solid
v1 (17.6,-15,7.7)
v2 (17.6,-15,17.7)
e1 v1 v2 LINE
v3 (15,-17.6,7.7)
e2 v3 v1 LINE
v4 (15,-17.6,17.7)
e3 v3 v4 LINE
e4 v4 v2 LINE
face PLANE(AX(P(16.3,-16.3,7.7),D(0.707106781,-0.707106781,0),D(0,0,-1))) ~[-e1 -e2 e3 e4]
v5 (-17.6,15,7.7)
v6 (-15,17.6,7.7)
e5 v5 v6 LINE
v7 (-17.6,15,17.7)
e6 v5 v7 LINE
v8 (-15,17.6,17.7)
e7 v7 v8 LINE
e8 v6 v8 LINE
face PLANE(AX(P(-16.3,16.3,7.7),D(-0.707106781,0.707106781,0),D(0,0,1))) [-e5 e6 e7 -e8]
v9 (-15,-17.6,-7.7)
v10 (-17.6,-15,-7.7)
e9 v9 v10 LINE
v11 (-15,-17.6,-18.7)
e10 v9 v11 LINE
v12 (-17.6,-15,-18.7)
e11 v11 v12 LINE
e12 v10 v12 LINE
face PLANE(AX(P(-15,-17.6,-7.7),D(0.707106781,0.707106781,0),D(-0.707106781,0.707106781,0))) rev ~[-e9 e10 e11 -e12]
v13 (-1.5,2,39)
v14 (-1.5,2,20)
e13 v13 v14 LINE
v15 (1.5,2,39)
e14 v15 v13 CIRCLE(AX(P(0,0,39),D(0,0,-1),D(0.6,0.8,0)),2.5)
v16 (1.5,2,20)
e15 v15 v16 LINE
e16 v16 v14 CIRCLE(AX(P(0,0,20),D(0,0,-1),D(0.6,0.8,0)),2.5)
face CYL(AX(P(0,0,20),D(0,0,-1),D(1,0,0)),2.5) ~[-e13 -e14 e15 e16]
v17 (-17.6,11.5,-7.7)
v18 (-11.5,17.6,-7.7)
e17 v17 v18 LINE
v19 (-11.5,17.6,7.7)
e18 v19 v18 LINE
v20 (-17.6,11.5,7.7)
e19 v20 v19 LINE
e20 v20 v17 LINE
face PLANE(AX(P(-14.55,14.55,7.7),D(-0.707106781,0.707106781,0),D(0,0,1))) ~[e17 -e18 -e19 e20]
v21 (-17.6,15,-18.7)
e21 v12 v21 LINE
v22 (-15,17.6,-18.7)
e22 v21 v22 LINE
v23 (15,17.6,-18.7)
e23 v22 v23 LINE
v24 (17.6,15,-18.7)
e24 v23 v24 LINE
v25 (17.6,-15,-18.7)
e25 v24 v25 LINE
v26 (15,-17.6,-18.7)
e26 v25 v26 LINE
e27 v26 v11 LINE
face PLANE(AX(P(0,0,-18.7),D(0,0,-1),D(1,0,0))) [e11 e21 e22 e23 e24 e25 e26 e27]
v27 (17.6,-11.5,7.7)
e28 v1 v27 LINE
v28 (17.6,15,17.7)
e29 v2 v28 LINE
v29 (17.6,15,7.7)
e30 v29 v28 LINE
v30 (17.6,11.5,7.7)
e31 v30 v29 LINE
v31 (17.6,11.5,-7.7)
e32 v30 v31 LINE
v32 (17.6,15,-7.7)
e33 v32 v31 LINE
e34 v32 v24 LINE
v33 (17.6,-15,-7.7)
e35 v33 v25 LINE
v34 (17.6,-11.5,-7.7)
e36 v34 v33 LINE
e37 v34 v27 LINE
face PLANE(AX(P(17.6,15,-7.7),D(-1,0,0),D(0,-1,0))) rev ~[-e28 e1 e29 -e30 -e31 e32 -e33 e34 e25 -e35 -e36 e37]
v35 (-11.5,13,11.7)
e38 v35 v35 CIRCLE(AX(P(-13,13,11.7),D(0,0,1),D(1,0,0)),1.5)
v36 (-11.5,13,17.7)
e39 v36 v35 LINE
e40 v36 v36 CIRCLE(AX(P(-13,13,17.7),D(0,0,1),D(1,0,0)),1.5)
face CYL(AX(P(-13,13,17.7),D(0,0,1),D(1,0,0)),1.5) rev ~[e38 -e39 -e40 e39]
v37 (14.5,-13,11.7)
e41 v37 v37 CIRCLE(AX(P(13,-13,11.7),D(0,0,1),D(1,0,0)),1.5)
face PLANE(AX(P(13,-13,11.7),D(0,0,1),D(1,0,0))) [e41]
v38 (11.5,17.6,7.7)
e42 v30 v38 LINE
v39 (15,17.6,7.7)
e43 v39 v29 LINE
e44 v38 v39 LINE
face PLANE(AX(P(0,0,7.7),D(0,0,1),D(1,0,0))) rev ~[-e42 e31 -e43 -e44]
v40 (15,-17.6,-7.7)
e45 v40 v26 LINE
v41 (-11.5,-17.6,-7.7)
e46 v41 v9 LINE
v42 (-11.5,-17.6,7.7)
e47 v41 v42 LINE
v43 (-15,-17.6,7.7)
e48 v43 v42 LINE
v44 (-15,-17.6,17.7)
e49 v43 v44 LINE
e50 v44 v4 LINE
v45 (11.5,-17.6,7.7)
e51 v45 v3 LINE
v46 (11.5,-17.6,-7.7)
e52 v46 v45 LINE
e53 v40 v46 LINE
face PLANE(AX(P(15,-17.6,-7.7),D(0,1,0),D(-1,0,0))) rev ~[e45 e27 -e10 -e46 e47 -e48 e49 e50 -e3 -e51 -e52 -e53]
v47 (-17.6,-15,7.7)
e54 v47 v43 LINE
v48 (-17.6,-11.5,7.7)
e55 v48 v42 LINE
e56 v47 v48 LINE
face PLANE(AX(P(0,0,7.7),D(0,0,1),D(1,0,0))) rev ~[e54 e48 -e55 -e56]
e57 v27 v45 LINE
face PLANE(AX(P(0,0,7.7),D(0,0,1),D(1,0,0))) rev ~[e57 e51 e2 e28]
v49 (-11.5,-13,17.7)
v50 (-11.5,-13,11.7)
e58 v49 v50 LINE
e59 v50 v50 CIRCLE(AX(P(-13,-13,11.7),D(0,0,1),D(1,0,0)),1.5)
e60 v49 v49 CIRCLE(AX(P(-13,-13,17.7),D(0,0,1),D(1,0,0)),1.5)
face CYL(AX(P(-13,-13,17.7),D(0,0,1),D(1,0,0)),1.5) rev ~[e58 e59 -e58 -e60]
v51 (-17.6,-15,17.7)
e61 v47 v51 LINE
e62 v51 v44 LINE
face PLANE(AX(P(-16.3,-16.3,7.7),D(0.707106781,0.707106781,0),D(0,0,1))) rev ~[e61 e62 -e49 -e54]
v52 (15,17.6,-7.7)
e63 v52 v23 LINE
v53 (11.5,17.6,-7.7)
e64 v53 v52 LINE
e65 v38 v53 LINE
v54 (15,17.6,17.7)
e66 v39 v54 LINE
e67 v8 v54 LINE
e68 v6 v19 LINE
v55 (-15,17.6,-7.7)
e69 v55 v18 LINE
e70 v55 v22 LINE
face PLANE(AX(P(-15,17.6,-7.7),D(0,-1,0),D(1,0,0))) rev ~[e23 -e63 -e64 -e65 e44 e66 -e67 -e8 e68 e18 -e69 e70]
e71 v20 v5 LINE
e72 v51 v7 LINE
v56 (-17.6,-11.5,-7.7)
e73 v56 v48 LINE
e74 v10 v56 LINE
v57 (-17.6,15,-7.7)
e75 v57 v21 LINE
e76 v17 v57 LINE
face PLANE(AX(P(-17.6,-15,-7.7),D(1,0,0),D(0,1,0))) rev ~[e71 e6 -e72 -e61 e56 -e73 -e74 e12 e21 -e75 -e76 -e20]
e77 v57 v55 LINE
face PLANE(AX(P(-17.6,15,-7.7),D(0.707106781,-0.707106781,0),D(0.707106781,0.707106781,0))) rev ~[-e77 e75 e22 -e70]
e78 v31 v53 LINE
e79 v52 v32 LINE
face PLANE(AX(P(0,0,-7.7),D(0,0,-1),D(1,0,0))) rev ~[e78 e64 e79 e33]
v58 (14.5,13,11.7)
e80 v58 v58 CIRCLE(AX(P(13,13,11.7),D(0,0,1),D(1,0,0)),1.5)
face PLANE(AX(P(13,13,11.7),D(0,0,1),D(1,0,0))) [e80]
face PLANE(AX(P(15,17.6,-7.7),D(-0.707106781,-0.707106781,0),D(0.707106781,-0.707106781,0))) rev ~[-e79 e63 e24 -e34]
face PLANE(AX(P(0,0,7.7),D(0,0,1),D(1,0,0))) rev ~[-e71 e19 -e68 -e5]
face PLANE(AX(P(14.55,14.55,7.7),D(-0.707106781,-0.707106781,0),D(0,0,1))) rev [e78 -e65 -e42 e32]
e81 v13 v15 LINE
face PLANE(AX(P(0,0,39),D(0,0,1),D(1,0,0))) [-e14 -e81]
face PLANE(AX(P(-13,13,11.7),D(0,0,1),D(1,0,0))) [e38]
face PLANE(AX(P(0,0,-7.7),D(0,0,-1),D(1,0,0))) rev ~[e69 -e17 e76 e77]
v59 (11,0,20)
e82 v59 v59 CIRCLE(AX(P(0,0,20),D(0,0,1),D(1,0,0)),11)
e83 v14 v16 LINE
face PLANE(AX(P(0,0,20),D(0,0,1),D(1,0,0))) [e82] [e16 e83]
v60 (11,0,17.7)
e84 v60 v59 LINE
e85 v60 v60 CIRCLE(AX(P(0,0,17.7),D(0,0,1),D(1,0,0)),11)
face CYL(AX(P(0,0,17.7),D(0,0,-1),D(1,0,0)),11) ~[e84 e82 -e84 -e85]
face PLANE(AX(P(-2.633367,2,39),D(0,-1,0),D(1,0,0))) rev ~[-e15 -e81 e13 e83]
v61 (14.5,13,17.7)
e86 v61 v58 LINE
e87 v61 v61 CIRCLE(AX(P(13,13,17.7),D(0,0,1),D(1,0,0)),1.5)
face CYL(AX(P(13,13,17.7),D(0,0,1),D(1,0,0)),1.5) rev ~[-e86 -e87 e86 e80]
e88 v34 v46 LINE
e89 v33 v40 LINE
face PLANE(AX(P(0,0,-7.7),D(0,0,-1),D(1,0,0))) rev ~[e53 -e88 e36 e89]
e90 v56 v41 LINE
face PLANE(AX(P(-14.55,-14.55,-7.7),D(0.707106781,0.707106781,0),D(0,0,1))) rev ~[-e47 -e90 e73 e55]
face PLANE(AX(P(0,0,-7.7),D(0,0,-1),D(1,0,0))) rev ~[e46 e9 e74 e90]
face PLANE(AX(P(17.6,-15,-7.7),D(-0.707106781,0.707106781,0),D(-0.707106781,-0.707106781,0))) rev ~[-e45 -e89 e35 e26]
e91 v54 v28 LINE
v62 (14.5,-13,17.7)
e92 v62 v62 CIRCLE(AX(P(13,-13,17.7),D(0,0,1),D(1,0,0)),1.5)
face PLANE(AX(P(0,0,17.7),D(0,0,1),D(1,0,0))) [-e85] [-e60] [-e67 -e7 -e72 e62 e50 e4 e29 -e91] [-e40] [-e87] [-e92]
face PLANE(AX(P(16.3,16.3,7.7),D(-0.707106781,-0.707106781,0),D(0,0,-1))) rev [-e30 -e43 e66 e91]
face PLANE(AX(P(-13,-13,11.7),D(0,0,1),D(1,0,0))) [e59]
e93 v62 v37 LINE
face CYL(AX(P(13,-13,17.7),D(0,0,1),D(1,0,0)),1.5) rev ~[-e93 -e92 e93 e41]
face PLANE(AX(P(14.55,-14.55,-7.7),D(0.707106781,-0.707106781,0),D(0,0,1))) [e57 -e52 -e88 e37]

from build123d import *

# Parameters (mm, degrees)
F0_W      = 35.2
F0_H      = 35.2
F1_DEPTH  = 7.7
F2_SIZE   = 6.1
F3_W      = 35.2
F3_H      = 35.2
F4_DEPTH  = 10
F5_SIZE   = 2.6
F7_DEPTH  = 11
F8_R      = 11
F9_DEPTH  = 2.3
F10_R     = 2.5
F11_DEPTH = 19
F12_W     = 5.253729
F12_H     = 0.933404
F13_DEPTH = 19
F14_R     = 1.5
F15_DEPTH = 6


with BuildPart() as f1:
    # F0 (on Top) → F1 (new body, symmetric)
    with BuildSketch(Plane.XY):
        Rectangle(F0_W, F0_H)
    extrude(amount=F1_DEPTH, both=True)

    # F2
    f2_edges = [f1.edges().sort_by_distance(p)[0] for p in [
        (-17.6, -17.6, 0),
        (17.6, -17.6, 0),
        (17.6, 17.6, 0),
        (-17.6, 17.6, 0),
    ]]
    chamfer(f2_edges, length=F2_SIZE)

    # F3 (on face) → F4 (join)
    with BuildSketch(Plane.XY.offset(7.7)):
        Rectangle(F3_W, F3_H)
    extrude(amount=F4_DEPTH)

    # F5
    f5_edges = [f1.edges().sort_by_distance(p)[0] for p in [
        (-17.6, -17.6, 12.7),
        (17.6, -17.6, 12.7),
        (17.6, 17.6, 12.7),
        (-17.6, 17.6, 12.7),
    ]]
    chamfer(f5_edges, length=F5_SIZE)

    # F6 (on face) → F7 (join)
    with BuildSketch(Plane(origin=(0, 0, -7.7), x_dir=(1, 0, 0), z_dir=(0, 0, -1))):
        Polygon((-15, -17.6), (15, -17.6), (17.6, -15), (17.6, 15), (15, 17.6), (-15, 17.6), (-17.6, 15), (-17.6, -15), align=None)
    extrude(amount=F7_DEPTH)

    # F8 (on face) → F9 (join)
    with BuildSketch(Plane.XY.offset(17.7)):
        Circle(F8_R)
    extrude(amount=F9_DEPTH)

    # F10 (on face) → F11 (join)
    with BuildSketch(Plane.XY.offset(20)):
        Circle(F10_R)
    extrude(amount=F11_DEPTH)

    # F12 (on face) → F13 (cut)
    with BuildSketch(Plane.XY.offset(39)):
        with Locations((-0.006502, 2.466702)):
            Rectangle(F12_W, F12_H)
    extrude(amount=-F13_DEPTH, mode=Mode.SUBTRACT)

    # F14 (on face) → F15 (cut)
    with BuildSketch(Plane.XY.offset(17.7)):
        with Locations((-13, 13)):
            Circle(F14_R)
        with Locations((13, 13)):
            Circle(F14_R)
        with Locations((-13, -13)):
            Circle(F14_R)
        with Locations((13, -13)):
            Circle(F14_R)
    extrude(amount=-F15_DEPTH, mode=Mode.SUBTRACT)


solid = f1.part
